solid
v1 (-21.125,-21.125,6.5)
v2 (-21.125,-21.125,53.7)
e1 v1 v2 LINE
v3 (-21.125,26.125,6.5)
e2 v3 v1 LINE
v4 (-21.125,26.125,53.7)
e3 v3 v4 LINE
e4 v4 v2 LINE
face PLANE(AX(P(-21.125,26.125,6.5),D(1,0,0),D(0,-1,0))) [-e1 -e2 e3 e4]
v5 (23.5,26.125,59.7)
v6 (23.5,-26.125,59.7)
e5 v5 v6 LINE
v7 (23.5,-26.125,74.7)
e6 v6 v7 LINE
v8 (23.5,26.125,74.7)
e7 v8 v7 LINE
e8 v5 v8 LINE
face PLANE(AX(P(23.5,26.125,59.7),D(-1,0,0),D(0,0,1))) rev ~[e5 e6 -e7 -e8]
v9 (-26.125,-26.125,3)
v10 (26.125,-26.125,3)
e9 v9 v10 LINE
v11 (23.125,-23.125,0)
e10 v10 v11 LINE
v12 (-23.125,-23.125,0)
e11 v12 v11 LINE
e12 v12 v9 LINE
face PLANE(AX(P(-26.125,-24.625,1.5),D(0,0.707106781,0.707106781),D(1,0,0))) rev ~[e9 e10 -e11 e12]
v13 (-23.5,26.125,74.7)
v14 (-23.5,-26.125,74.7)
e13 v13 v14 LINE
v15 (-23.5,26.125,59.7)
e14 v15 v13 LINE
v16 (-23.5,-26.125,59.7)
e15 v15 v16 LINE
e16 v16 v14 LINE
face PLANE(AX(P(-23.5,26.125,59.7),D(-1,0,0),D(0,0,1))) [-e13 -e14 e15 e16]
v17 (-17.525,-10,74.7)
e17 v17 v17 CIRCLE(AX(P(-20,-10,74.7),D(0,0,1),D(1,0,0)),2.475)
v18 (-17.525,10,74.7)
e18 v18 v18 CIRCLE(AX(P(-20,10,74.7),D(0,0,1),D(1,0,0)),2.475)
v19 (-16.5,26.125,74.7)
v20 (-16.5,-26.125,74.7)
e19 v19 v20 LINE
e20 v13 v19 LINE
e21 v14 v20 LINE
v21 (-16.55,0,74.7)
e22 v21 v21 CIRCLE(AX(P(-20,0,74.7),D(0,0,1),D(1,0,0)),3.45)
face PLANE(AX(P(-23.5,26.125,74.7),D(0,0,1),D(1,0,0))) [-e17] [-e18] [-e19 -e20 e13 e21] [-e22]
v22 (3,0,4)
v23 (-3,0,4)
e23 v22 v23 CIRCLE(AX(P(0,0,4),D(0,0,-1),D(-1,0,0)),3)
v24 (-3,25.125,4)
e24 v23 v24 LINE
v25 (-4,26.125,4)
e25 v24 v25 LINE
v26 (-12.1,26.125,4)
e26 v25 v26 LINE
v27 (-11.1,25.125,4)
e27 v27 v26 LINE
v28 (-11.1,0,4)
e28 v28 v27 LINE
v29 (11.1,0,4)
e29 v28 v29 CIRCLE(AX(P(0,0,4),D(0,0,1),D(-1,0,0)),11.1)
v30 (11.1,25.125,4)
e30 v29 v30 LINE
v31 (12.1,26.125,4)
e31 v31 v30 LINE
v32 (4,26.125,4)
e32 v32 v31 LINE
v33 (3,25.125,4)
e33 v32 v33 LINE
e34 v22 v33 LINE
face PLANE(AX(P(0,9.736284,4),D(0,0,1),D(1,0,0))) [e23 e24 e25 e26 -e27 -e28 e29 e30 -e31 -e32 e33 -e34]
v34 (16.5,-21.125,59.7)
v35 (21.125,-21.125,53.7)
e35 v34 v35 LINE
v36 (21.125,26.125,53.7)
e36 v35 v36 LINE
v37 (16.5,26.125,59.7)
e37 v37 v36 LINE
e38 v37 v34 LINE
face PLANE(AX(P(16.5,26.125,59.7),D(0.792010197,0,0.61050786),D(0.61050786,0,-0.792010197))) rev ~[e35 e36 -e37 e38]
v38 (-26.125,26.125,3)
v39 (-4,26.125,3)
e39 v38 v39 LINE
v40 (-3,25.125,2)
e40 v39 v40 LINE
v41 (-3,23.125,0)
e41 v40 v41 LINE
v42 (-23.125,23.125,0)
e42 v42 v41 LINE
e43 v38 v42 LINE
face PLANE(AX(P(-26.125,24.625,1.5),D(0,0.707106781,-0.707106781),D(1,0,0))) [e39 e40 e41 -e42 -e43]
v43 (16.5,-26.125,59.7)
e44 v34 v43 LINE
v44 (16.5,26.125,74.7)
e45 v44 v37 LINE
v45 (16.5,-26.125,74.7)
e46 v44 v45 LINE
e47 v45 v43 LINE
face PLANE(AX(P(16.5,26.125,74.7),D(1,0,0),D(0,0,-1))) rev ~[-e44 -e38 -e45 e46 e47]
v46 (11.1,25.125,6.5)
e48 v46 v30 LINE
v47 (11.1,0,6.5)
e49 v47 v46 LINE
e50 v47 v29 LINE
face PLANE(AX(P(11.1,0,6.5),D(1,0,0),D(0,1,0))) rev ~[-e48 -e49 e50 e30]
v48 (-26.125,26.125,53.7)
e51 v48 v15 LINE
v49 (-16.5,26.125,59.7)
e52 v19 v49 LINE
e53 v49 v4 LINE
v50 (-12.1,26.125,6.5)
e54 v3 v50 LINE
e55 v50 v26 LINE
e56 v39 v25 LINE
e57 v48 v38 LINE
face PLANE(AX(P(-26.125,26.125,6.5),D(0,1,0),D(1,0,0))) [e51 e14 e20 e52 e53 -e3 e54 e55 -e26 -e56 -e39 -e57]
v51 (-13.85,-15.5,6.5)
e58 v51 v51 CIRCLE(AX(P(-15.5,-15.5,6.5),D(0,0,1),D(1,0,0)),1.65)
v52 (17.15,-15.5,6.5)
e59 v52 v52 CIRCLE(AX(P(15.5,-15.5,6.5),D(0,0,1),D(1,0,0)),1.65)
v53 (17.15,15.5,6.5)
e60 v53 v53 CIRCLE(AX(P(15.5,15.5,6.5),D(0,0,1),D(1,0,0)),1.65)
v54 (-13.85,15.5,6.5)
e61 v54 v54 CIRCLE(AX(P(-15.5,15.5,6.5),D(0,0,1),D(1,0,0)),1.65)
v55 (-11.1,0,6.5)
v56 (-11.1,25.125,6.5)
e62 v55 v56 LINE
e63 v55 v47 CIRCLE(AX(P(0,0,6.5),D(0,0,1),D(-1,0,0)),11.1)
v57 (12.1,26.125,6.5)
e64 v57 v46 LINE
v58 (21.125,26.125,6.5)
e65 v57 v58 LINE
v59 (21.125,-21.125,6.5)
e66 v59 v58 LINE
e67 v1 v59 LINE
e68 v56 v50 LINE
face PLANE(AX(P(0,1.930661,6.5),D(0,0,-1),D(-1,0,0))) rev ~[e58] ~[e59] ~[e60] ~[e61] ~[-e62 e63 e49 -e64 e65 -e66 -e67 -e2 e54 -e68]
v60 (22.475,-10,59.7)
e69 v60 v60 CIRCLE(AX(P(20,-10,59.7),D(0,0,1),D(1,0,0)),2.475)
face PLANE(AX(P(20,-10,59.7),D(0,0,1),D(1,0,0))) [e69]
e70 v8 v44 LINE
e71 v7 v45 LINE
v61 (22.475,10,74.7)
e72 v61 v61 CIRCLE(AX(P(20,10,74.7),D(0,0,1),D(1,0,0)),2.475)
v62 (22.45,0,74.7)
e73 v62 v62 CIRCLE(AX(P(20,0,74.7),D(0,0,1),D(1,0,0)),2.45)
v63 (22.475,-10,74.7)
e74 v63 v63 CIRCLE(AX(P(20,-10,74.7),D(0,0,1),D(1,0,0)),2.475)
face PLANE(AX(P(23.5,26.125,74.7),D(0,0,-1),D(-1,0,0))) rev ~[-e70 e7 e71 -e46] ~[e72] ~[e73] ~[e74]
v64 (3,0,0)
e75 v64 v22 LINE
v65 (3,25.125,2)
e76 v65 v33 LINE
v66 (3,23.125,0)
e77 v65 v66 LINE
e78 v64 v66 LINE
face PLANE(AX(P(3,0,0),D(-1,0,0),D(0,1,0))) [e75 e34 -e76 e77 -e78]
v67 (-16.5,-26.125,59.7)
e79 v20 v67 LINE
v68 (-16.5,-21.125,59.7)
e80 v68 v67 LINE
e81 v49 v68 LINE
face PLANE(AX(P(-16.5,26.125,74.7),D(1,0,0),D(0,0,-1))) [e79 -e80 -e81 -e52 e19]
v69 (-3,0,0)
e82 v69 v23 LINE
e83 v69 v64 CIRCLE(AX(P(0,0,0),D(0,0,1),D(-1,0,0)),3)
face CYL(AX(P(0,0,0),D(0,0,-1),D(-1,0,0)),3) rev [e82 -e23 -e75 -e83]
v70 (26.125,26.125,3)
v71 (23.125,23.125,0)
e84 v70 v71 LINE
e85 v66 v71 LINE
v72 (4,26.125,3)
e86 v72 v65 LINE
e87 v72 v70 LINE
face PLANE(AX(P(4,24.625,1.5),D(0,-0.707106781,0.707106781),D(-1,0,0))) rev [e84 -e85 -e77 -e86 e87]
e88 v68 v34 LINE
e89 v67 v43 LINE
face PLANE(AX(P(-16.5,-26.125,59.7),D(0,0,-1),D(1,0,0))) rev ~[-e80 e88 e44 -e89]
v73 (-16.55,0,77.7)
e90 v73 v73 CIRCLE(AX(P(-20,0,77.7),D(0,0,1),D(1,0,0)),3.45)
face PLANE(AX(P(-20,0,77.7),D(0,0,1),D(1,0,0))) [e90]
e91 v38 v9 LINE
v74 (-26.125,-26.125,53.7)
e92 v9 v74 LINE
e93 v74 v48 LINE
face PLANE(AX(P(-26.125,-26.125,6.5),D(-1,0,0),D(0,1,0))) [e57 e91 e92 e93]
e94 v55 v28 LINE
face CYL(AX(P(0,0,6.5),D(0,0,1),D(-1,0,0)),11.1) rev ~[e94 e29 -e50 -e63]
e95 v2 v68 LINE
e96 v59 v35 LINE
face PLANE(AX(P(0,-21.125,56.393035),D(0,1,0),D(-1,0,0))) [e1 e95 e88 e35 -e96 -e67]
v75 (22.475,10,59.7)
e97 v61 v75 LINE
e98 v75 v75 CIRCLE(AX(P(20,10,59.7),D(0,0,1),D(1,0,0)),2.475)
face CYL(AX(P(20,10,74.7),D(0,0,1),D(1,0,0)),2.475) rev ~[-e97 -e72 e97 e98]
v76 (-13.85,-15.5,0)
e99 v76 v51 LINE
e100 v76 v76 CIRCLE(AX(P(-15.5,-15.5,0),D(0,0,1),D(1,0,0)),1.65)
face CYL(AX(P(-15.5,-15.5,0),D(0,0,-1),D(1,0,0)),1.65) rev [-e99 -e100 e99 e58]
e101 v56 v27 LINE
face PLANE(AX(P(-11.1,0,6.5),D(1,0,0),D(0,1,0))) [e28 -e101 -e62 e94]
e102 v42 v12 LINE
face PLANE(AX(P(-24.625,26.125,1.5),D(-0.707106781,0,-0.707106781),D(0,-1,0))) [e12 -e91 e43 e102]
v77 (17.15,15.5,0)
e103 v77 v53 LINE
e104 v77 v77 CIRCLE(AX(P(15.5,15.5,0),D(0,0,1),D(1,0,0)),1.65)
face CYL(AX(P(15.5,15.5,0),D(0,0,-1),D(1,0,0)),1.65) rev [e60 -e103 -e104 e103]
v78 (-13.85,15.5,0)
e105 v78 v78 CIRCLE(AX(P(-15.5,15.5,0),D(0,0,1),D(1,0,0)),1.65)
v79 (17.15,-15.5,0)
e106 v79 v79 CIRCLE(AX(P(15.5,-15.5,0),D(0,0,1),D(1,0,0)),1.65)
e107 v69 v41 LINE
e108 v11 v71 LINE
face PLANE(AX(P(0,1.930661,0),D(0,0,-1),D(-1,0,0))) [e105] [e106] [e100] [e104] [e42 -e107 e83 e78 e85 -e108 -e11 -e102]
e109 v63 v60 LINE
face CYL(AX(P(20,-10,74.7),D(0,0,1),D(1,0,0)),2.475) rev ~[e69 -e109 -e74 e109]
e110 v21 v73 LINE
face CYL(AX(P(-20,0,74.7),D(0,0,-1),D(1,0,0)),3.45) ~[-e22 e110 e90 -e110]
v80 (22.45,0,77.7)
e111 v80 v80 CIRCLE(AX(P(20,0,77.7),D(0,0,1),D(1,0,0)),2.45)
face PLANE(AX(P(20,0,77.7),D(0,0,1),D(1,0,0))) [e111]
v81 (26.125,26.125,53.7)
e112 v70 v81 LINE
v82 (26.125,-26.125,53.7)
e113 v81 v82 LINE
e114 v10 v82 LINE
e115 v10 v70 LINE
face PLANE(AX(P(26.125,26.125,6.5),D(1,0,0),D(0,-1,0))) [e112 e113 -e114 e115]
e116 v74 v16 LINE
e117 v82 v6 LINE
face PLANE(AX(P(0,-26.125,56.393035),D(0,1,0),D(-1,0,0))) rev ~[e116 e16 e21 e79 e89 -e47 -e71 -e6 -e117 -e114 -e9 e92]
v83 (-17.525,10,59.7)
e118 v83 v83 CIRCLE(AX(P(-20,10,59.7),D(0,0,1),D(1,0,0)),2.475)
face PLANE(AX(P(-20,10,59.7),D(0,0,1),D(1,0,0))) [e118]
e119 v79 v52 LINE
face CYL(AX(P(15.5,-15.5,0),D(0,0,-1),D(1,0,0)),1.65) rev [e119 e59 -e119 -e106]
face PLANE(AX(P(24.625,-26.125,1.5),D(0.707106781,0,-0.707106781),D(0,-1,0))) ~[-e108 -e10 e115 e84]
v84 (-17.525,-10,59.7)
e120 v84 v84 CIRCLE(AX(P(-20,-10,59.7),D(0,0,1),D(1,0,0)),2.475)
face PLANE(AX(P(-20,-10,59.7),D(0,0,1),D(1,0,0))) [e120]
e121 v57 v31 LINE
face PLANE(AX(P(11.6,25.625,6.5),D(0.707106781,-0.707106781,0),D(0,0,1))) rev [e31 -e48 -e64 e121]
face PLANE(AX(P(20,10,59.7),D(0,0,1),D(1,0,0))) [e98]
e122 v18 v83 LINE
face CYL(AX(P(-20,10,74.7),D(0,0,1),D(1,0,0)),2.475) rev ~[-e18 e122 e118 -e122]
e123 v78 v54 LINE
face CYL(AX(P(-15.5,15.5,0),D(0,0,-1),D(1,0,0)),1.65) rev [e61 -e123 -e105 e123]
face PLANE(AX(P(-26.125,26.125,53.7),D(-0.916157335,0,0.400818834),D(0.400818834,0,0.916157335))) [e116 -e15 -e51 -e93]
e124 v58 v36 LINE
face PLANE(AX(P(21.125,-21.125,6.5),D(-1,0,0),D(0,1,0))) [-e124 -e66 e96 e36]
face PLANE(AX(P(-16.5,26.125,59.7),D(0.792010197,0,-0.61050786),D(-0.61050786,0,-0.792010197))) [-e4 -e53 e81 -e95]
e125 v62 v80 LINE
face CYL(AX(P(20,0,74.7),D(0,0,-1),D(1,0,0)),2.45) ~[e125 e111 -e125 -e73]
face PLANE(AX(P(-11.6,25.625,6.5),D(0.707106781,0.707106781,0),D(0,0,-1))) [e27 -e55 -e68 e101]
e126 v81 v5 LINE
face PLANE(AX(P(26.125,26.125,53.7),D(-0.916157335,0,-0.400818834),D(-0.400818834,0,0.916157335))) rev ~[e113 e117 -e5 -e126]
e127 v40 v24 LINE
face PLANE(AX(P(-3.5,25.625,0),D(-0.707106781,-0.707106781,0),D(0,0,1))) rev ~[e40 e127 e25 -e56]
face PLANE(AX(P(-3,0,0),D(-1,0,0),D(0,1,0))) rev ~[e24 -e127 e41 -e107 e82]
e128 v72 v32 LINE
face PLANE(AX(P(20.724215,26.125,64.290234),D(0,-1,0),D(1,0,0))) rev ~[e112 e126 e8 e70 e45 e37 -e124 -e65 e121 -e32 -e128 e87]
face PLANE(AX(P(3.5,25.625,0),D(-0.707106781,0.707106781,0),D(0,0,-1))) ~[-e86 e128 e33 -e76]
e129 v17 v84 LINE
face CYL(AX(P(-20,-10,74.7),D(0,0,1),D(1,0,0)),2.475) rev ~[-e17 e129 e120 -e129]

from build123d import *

# Parameters (mm, degrees)
SKETCH_R        = 1.65
PAD_DEPTH       = 6.5
POCKET_DEPTH    = 2.5
PAD001_DEPTH    = 47.2
CHAMFER_SIZE    = 1
PAD002_DEPTH    = 52.25
SKETCH004_R     = 2.475
POCKET001_DEPTH = 15
PAD003_DEPTH    = 5
SKETCH006_R     = 3.45
SKETCH006_R_2   = 2.45
PAD004_DEPTH    = 3
CHAMFER001_SIZE = 3


with BuildPart() as part:
    # Sketch → Pad (new body)
    with BuildSketch(Plane.XY):
        with BuildLine():
            ThreePointArc((-3, 0), (0, -3), (3, 0))
            Line((3, 0), (3, 26.125))
            Line((3, 26.125), (26.125, 26.125))
            Line((26.125, -26.125), (26.125, 26.125))
            Line((-26.125, -26.125), (26.125, -26.125))
            Line((-26.125, 26.125), (-26.125, -26.125))
            Line((-26.125, 26.125), (-3, 26.125))
            Line((-3, 0), (-3, 26.125))
        make_face()
        with Locations((-15.5, -15.5)):
            Circle(SKETCH_R, mode=Mode.SUBTRACT)
        with Locations((15.5, -15.5)):
            Circle(SKETCH_R, mode=Mode.SUBTRACT)
        with Locations((15.5, 15.5)):
            Circle(SKETCH_R, mode=Mode.SUBTRACT)
        with Locations((-15.5, 15.5)):
            Circle(SKETCH_R, mode=Mode.SUBTRACT)
    extrude(amount=PAD_DEPTH)

    # Sketch001 (on Face14 of Pad) → Pocket (cut)
    with BuildSketch(Plane.XY.offset(6.5)):
        with BuildLine():
            ThreePointArc((-11.1, 0), (0, -11.1), (11.1, 0))
            Line((11.1, 0), (11.1, 26.125))
            Line((-11.1, 26.125), (11.1, 26.125))
            Line((-11.1, 0), (-11.1, 26.125))
        make_face()
    extrude(amount=-POCKET_DEPTH, mode=Mode.SUBTRACT)

    # Sketch002 (on Face6 of Pocket) → Pad001 (join)
    with BuildSketch(Plane.XY.offset(6.5)):
        Polygon((-26.125, -26.125), (-26.125, 26.125), (-21.125, 26.125), (-21.125, -21.125), (21.125, -21.125), (21.125, 26.125), (26.125, 26.125), (26.125, -26.125), align=None)
    extrude(amount=PAD001_DEPTH)

    # Chamfer
    chamfer_edges = [part.edges().sort_by_distance(p)[0] for p in [
        (3, 26.125, 2),
        (11.1, 26.125, 5.25),
        (-3, 26.125, 2),
        (-11.1, 26.125, 5.25),
    ]]
    chamfer(chamfer_edges, length=CHAMFER_SIZE)

    # Sketch003 (on Face10 of Chamfer) → Pad002 (join)
    with BuildSketch(Plane(origin=(0, 26.125, 0), x_dir=(-1, 0, 0), z_dir=(0, 1, 0))):
        Polygon((-26.125, 53.7), (-23.5, 59.7), (-23.5, 74.7), (-16.5, 74.7), (-16.5, 59.7), (-21.125, 53.7), align=None)
        Polygon((26.125, 53.7), (23.5, 59.7), (23.5, 74.7), (16.5, 74.7), (16.5, 59.7), (21.125, 53.7), align=None)
    extrude(amount=-PAD002_DEPTH)

    # Sketch004 (on Face32 of Pad002) → Pocket001 (cut)
    with BuildSketch(Plane.XY.offset(74.7)):
        with Locations((-20, 10)):
            Circle(SKETCH004_R)
        with Locations((-20, -10)):
            Circle(SKETCH004_R)
        with Locations((20, -10)):
            Circle(SKETCH004_R)
        with Locations((20, 10)):
            Circle(SKETCH004_R)
    extrude(amount=-POCKET001_DEPTH, mode=Mode.SUBTRACT)

    # Sketch005 (on Face6 of Pocket001) → Pad003 (join)
    with BuildSketch(Plane.XZ.offset(26.125)):
        Polygon((-16.5, 59.7), (16.5, 59.7), (21.125, 53.7), (-21.125, 53.7), align=None)
    extrude(amount=-PAD003_DEPTH)

    # Sketch006 (on Face17 of Pad003) → Pad004 (join)
    with BuildSketch(Plane.XY.offset(74.7)):
        with Locations((-20, 0)):
            Circle(SKETCH006_R)
        with Locations((20, 0)):
            Circle(SKETCH006_R_2)
    extrude(amount=PAD004_DEPTH)

    # Chamfer001
    chamfer001_edges = [part.edges().sort_by_distance(p)[0] for p in [
        (26.125, 0, 0),
        (15.0625, 26.125, 0),
        (-15.0625, 26.125, 0),
        (-26.125, 0, 0),
        (0, -26.125, 0),
    ]]
    chamfer(chamfer001_edges, length=CHAMFER001_SIZE)


solid = part.part
